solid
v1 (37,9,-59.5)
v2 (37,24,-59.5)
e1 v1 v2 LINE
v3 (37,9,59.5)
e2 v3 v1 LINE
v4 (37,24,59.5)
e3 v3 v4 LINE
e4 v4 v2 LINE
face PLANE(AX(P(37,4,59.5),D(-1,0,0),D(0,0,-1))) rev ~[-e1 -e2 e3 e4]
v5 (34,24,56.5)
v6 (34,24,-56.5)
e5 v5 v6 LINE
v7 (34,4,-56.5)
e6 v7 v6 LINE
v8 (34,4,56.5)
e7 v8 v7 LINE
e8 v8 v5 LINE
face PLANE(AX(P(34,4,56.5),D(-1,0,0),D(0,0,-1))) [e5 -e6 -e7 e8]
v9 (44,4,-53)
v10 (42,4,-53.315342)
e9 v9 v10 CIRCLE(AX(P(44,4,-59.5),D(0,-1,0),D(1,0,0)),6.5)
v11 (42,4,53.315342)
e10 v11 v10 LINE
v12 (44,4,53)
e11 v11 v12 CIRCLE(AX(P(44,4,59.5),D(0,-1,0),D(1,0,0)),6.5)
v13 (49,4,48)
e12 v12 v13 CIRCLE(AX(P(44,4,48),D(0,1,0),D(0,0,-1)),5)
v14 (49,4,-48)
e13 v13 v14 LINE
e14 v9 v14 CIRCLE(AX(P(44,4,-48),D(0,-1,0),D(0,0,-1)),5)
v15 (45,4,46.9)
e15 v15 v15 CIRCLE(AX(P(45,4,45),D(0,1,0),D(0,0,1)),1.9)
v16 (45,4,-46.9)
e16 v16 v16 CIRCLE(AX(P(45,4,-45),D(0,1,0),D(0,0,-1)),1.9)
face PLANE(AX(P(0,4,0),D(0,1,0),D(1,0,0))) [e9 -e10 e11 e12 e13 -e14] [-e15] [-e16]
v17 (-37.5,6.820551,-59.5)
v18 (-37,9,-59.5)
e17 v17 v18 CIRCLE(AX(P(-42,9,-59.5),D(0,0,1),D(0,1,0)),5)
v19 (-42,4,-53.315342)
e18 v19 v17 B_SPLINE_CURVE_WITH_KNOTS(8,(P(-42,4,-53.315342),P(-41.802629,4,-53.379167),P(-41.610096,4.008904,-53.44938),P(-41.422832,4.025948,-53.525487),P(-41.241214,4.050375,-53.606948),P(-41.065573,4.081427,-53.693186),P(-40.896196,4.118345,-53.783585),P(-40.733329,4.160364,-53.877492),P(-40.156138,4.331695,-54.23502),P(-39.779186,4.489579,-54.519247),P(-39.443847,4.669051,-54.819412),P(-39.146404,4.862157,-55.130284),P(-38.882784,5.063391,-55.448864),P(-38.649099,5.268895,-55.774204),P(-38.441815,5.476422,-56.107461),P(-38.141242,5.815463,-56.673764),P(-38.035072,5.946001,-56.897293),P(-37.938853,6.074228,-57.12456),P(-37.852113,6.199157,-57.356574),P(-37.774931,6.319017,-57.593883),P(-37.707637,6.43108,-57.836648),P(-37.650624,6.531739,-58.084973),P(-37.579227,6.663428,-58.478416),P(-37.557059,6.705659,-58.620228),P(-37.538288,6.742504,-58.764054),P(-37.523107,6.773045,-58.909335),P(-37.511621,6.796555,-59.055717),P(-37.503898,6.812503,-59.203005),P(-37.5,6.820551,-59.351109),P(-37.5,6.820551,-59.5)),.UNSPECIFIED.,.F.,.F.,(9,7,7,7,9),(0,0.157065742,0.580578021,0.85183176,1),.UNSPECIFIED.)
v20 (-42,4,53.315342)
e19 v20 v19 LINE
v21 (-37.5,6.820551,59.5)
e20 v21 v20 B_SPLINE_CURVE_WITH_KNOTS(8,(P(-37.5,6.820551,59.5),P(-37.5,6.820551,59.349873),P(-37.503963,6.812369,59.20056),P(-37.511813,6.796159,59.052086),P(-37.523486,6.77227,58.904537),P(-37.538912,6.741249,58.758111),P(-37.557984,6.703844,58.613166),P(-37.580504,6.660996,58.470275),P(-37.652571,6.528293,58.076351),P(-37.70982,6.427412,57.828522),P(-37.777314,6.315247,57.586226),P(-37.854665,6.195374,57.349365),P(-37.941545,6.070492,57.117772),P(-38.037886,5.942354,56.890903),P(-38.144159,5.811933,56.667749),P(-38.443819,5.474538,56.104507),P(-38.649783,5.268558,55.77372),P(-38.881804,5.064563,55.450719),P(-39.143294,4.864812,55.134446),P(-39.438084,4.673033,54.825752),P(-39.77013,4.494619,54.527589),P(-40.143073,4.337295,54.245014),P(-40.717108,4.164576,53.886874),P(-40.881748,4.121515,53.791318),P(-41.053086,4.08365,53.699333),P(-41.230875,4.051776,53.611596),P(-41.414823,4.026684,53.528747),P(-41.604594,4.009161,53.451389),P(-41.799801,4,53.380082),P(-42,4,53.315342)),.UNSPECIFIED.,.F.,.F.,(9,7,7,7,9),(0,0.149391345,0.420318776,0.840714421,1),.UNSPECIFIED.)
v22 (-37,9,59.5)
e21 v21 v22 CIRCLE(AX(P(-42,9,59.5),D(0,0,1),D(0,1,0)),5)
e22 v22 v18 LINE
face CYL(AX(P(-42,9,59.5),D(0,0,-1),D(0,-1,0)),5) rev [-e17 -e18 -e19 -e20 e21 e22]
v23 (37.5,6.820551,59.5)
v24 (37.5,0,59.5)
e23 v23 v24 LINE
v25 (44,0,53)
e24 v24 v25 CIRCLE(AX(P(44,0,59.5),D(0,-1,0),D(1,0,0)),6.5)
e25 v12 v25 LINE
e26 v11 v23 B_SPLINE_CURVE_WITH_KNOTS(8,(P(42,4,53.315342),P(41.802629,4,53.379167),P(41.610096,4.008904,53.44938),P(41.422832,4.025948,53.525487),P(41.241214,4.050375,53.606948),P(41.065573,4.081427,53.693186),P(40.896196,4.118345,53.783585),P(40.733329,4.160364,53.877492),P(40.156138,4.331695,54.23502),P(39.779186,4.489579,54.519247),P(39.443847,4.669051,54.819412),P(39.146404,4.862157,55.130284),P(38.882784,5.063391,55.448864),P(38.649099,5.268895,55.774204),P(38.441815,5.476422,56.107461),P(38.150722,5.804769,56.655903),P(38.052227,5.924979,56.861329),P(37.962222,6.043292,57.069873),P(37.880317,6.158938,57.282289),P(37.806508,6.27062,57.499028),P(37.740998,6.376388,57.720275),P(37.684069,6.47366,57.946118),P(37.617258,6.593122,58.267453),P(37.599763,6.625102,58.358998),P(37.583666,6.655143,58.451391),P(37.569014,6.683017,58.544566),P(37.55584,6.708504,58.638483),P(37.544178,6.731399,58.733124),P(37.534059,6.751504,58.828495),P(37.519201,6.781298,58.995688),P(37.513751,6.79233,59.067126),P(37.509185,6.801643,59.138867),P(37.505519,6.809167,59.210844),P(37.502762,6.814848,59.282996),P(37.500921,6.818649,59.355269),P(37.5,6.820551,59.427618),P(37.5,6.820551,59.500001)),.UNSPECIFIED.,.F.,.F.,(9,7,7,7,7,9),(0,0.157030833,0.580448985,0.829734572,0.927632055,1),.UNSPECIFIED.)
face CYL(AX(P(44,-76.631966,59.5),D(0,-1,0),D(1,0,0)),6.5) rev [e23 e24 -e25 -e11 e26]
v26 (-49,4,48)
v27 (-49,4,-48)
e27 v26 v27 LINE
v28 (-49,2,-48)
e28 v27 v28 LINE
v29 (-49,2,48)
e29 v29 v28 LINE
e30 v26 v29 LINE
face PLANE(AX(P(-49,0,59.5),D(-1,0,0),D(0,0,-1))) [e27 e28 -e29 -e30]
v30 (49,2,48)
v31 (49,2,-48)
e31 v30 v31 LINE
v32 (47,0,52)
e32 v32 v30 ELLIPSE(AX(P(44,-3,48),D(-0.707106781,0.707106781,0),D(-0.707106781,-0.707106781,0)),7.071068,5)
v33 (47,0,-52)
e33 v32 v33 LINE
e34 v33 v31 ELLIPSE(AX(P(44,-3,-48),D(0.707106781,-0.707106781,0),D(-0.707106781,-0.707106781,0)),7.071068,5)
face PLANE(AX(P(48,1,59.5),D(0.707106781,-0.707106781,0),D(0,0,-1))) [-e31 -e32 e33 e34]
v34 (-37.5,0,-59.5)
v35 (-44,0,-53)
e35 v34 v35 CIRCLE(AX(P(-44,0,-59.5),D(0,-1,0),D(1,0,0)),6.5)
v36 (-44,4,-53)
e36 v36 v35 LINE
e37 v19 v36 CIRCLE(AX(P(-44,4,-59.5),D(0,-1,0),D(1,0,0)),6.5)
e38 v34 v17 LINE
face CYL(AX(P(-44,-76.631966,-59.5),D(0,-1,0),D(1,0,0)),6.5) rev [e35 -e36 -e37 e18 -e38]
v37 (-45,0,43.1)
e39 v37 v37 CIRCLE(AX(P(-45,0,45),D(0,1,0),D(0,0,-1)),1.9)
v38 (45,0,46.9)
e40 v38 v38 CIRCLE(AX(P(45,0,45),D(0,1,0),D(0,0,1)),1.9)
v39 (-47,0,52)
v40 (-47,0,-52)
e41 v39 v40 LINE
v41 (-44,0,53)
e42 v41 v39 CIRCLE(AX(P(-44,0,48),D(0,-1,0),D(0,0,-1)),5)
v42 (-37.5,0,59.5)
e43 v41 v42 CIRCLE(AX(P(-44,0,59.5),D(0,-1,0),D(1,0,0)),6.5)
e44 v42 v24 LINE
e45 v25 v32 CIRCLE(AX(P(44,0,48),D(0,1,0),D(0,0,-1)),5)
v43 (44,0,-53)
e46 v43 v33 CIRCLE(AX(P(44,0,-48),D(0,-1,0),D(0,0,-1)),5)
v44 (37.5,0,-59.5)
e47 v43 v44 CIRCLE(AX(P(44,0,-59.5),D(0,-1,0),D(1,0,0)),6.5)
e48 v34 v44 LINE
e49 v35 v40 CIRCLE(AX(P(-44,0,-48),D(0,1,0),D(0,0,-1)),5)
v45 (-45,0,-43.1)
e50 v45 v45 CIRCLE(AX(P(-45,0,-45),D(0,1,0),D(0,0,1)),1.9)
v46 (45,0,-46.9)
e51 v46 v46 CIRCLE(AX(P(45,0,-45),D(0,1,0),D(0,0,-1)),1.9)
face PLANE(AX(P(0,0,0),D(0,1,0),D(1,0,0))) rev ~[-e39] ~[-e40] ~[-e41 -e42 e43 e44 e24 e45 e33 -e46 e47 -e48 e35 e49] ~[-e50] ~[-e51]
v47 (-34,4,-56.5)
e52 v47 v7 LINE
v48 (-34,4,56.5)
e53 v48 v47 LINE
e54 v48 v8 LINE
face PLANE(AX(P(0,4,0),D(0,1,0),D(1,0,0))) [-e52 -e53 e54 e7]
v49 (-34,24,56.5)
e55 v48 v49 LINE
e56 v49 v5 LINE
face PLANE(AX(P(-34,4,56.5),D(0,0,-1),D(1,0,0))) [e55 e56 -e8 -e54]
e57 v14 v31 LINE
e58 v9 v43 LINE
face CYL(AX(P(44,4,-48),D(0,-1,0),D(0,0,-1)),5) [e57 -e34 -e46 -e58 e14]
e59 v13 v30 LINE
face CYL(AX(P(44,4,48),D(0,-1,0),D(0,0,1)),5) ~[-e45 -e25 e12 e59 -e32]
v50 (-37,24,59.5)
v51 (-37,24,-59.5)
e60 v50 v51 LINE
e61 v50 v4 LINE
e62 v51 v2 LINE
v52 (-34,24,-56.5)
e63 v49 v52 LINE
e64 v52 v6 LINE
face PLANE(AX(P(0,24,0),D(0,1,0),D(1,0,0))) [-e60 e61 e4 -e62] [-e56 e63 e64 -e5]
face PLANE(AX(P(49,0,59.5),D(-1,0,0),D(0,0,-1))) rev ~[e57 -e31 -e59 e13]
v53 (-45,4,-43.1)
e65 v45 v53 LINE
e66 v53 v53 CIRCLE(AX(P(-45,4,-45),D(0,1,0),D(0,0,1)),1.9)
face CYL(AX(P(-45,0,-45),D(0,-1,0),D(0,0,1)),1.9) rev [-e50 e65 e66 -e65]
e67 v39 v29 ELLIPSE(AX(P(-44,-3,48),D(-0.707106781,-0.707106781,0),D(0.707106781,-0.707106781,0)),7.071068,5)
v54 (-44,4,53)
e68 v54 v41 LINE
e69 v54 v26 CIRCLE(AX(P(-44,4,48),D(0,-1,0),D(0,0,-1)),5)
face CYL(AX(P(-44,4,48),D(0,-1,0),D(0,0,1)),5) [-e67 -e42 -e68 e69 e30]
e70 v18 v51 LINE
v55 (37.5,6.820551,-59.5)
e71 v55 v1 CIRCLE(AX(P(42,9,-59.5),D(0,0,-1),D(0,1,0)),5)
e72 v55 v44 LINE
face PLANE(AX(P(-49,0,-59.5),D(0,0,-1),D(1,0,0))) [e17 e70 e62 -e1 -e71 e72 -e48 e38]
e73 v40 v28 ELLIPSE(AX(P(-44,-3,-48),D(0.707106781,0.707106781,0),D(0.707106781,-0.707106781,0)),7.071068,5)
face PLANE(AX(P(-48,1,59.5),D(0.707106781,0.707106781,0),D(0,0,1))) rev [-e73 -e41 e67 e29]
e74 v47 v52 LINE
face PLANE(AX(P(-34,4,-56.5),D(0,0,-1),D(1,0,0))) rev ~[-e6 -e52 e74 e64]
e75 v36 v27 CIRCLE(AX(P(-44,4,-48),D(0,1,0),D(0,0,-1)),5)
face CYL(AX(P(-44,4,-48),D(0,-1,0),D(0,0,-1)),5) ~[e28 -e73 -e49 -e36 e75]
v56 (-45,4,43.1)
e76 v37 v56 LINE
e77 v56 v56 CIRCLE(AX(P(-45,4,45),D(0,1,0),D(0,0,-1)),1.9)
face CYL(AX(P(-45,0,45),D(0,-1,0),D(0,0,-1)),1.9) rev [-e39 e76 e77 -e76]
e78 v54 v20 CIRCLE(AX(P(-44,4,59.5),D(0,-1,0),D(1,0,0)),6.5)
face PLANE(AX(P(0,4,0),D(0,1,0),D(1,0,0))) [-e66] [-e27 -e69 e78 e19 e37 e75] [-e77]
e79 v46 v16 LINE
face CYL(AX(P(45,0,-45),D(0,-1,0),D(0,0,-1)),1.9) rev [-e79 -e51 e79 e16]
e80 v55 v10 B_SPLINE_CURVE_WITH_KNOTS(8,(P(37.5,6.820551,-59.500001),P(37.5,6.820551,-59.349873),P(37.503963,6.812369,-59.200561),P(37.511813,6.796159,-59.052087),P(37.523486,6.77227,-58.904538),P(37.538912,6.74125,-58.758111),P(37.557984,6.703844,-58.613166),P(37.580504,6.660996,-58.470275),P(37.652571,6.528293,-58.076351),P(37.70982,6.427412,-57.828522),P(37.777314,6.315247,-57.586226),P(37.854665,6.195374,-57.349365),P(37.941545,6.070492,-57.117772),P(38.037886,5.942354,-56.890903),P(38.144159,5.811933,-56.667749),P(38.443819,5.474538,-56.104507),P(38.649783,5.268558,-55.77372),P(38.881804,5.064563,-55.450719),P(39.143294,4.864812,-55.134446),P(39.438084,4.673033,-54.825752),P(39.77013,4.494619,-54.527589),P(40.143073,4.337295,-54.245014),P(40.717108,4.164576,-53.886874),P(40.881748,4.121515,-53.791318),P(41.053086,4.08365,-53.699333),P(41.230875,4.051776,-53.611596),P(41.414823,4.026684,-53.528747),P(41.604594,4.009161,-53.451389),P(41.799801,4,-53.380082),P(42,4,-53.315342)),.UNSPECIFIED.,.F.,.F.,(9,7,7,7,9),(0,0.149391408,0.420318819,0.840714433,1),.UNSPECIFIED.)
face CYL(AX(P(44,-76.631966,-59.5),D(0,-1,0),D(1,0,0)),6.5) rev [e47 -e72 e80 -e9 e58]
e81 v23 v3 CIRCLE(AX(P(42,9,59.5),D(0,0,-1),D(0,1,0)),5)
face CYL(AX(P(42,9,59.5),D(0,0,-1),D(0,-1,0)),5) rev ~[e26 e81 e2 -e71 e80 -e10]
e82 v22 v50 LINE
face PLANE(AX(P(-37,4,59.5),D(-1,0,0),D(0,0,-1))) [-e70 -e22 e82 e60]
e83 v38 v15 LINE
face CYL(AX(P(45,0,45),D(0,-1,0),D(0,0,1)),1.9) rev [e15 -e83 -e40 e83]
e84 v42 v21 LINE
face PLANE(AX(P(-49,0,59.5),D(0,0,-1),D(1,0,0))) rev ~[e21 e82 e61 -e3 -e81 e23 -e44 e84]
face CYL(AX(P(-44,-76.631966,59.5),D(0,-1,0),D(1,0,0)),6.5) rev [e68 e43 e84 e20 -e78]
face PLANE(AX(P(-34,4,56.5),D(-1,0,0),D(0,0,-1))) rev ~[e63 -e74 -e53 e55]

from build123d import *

# Parameters (mm, degrees)
SKETCH_1_W               = 98
SKETCH_1_H               = 119
SKETCH_1_R               = 1.9
EXTRUDE_1_DEPTH          = 4
SKETCH_2_W               = 74
SKETCH_2_H               = 119
SKETCH_2_W_2             = 68
SKETCH_2_H_2             = 113
EXTRUDE_1_2_DEPTH        = 20
FILLET_1_R               = 5
CHAMFER_1_SIZE           = 2
CUT_EXTRUDE_1_DEPTH      = 80.631965943
CUT_EXTRUDE_1_DEPTH_BACK = 80.631965943
SKETCH_3_R               = 6.5
FILLET_2_R               = 5


with BuildPart() as part:
    # Эскиз1 → Extrude 1 (new body)
    with BuildSketch(Plane(origin=(0, 0, 0), x_dir=(1, 0, 0), z_dir=(0, 1, 0))):
        Rectangle(SKETCH_1_W, SKETCH_1_H)
        with Locations(Location((-45, 45, 0), (0, 0, 270))):
            Circle(SKETCH_1_R, mode=Mode.SUBTRACT)
        with Locations(Location((45, 45, 0), (0, 0, 90))):
            Circle(SKETCH_1_R, mode=Mode.SUBTRACT)
        with Locations(Location((45, -45, 0), (0, 0, 270))):
            Circle(SKETCH_1_R, mode=Mode.SUBTRACT)
        with Locations(Location((-45, -45, 0), (0, 0, 90))):
            Circle(SKETCH_1_R, mode=Mode.SUBTRACT)
    extrude(amount=EXTRUDE_1_DEPTH)

    # Эскиз2 → Extrude 1 2 (add)
    with BuildSketch(Plane(origin=(0, 4, 0), x_dir=(1, 0, 0), z_dir=(0, 1, 0))):
        Rectangle(SKETCH_2_W, SKETCH_2_H)
        Rectangle(SKETCH_2_W_2, SKETCH_2_H_2, mode=Mode.SUBTRACT)
    extrude(amount=EXTRUDE_1_2_DEPTH)

    # Скругление1
    fillet_1_edges = [part.edges().sort_by_distance(p)[0] for p in [
        (37, 4, 0),
        (-37, 4, 0),
    ]]
    fillet(fillet_1_edges, radius=FILLET_1_R)

    # Фаска1
    chamfer_1_edges = [part.edges().sort_by_distance(p)[0] for p in [
        (-49, 0, 0),
        (49, 0, 0),
    ]]
    chamfer(chamfer_1_edges, length=CHAMFER_1_SIZE)

    # Эскиз3 → Вырез-Вытянуть1 (cut, two sides: drawn at the far end of the back side and taken through both)
    with BuildSketch(Plane(origin=(0, 4, 0), x_dir=(1, 0, 0), z_dir=(0, 1, 0)).offset(-CUT_EXTRUDE_1_DEPTH_BACK)):
        with Locations((44, 59.5)):
            Circle(SKETCH_3_R)
        with Locations((-44, 59.5)):
            Circle(SKETCH_3_R)
        with Locations((44, -59.5)):
            Circle(SKETCH_3_R)
        with Locations((-44, -59.5)):
            Circle(SKETCH_3_R)
    extrude(amount=CUT_EXTRUDE_1_DEPTH + CUT_EXTRUDE_1_DEPTH_BACK, mode=Mode.SUBTRACT)

    # Скругление2
    fillet_2_edges = [part.edges().sort_by_distance(p)[0] for p in [
        (-49, 3, 55.346688069),
        (49, 3, 55.346688069),
        (-49, 3, -55.346688069),
        (49, 3, -55.346688069),
    ]]
    fillet(fillet_2_edges, radius=FILLET_2_R)


solid = part.part
